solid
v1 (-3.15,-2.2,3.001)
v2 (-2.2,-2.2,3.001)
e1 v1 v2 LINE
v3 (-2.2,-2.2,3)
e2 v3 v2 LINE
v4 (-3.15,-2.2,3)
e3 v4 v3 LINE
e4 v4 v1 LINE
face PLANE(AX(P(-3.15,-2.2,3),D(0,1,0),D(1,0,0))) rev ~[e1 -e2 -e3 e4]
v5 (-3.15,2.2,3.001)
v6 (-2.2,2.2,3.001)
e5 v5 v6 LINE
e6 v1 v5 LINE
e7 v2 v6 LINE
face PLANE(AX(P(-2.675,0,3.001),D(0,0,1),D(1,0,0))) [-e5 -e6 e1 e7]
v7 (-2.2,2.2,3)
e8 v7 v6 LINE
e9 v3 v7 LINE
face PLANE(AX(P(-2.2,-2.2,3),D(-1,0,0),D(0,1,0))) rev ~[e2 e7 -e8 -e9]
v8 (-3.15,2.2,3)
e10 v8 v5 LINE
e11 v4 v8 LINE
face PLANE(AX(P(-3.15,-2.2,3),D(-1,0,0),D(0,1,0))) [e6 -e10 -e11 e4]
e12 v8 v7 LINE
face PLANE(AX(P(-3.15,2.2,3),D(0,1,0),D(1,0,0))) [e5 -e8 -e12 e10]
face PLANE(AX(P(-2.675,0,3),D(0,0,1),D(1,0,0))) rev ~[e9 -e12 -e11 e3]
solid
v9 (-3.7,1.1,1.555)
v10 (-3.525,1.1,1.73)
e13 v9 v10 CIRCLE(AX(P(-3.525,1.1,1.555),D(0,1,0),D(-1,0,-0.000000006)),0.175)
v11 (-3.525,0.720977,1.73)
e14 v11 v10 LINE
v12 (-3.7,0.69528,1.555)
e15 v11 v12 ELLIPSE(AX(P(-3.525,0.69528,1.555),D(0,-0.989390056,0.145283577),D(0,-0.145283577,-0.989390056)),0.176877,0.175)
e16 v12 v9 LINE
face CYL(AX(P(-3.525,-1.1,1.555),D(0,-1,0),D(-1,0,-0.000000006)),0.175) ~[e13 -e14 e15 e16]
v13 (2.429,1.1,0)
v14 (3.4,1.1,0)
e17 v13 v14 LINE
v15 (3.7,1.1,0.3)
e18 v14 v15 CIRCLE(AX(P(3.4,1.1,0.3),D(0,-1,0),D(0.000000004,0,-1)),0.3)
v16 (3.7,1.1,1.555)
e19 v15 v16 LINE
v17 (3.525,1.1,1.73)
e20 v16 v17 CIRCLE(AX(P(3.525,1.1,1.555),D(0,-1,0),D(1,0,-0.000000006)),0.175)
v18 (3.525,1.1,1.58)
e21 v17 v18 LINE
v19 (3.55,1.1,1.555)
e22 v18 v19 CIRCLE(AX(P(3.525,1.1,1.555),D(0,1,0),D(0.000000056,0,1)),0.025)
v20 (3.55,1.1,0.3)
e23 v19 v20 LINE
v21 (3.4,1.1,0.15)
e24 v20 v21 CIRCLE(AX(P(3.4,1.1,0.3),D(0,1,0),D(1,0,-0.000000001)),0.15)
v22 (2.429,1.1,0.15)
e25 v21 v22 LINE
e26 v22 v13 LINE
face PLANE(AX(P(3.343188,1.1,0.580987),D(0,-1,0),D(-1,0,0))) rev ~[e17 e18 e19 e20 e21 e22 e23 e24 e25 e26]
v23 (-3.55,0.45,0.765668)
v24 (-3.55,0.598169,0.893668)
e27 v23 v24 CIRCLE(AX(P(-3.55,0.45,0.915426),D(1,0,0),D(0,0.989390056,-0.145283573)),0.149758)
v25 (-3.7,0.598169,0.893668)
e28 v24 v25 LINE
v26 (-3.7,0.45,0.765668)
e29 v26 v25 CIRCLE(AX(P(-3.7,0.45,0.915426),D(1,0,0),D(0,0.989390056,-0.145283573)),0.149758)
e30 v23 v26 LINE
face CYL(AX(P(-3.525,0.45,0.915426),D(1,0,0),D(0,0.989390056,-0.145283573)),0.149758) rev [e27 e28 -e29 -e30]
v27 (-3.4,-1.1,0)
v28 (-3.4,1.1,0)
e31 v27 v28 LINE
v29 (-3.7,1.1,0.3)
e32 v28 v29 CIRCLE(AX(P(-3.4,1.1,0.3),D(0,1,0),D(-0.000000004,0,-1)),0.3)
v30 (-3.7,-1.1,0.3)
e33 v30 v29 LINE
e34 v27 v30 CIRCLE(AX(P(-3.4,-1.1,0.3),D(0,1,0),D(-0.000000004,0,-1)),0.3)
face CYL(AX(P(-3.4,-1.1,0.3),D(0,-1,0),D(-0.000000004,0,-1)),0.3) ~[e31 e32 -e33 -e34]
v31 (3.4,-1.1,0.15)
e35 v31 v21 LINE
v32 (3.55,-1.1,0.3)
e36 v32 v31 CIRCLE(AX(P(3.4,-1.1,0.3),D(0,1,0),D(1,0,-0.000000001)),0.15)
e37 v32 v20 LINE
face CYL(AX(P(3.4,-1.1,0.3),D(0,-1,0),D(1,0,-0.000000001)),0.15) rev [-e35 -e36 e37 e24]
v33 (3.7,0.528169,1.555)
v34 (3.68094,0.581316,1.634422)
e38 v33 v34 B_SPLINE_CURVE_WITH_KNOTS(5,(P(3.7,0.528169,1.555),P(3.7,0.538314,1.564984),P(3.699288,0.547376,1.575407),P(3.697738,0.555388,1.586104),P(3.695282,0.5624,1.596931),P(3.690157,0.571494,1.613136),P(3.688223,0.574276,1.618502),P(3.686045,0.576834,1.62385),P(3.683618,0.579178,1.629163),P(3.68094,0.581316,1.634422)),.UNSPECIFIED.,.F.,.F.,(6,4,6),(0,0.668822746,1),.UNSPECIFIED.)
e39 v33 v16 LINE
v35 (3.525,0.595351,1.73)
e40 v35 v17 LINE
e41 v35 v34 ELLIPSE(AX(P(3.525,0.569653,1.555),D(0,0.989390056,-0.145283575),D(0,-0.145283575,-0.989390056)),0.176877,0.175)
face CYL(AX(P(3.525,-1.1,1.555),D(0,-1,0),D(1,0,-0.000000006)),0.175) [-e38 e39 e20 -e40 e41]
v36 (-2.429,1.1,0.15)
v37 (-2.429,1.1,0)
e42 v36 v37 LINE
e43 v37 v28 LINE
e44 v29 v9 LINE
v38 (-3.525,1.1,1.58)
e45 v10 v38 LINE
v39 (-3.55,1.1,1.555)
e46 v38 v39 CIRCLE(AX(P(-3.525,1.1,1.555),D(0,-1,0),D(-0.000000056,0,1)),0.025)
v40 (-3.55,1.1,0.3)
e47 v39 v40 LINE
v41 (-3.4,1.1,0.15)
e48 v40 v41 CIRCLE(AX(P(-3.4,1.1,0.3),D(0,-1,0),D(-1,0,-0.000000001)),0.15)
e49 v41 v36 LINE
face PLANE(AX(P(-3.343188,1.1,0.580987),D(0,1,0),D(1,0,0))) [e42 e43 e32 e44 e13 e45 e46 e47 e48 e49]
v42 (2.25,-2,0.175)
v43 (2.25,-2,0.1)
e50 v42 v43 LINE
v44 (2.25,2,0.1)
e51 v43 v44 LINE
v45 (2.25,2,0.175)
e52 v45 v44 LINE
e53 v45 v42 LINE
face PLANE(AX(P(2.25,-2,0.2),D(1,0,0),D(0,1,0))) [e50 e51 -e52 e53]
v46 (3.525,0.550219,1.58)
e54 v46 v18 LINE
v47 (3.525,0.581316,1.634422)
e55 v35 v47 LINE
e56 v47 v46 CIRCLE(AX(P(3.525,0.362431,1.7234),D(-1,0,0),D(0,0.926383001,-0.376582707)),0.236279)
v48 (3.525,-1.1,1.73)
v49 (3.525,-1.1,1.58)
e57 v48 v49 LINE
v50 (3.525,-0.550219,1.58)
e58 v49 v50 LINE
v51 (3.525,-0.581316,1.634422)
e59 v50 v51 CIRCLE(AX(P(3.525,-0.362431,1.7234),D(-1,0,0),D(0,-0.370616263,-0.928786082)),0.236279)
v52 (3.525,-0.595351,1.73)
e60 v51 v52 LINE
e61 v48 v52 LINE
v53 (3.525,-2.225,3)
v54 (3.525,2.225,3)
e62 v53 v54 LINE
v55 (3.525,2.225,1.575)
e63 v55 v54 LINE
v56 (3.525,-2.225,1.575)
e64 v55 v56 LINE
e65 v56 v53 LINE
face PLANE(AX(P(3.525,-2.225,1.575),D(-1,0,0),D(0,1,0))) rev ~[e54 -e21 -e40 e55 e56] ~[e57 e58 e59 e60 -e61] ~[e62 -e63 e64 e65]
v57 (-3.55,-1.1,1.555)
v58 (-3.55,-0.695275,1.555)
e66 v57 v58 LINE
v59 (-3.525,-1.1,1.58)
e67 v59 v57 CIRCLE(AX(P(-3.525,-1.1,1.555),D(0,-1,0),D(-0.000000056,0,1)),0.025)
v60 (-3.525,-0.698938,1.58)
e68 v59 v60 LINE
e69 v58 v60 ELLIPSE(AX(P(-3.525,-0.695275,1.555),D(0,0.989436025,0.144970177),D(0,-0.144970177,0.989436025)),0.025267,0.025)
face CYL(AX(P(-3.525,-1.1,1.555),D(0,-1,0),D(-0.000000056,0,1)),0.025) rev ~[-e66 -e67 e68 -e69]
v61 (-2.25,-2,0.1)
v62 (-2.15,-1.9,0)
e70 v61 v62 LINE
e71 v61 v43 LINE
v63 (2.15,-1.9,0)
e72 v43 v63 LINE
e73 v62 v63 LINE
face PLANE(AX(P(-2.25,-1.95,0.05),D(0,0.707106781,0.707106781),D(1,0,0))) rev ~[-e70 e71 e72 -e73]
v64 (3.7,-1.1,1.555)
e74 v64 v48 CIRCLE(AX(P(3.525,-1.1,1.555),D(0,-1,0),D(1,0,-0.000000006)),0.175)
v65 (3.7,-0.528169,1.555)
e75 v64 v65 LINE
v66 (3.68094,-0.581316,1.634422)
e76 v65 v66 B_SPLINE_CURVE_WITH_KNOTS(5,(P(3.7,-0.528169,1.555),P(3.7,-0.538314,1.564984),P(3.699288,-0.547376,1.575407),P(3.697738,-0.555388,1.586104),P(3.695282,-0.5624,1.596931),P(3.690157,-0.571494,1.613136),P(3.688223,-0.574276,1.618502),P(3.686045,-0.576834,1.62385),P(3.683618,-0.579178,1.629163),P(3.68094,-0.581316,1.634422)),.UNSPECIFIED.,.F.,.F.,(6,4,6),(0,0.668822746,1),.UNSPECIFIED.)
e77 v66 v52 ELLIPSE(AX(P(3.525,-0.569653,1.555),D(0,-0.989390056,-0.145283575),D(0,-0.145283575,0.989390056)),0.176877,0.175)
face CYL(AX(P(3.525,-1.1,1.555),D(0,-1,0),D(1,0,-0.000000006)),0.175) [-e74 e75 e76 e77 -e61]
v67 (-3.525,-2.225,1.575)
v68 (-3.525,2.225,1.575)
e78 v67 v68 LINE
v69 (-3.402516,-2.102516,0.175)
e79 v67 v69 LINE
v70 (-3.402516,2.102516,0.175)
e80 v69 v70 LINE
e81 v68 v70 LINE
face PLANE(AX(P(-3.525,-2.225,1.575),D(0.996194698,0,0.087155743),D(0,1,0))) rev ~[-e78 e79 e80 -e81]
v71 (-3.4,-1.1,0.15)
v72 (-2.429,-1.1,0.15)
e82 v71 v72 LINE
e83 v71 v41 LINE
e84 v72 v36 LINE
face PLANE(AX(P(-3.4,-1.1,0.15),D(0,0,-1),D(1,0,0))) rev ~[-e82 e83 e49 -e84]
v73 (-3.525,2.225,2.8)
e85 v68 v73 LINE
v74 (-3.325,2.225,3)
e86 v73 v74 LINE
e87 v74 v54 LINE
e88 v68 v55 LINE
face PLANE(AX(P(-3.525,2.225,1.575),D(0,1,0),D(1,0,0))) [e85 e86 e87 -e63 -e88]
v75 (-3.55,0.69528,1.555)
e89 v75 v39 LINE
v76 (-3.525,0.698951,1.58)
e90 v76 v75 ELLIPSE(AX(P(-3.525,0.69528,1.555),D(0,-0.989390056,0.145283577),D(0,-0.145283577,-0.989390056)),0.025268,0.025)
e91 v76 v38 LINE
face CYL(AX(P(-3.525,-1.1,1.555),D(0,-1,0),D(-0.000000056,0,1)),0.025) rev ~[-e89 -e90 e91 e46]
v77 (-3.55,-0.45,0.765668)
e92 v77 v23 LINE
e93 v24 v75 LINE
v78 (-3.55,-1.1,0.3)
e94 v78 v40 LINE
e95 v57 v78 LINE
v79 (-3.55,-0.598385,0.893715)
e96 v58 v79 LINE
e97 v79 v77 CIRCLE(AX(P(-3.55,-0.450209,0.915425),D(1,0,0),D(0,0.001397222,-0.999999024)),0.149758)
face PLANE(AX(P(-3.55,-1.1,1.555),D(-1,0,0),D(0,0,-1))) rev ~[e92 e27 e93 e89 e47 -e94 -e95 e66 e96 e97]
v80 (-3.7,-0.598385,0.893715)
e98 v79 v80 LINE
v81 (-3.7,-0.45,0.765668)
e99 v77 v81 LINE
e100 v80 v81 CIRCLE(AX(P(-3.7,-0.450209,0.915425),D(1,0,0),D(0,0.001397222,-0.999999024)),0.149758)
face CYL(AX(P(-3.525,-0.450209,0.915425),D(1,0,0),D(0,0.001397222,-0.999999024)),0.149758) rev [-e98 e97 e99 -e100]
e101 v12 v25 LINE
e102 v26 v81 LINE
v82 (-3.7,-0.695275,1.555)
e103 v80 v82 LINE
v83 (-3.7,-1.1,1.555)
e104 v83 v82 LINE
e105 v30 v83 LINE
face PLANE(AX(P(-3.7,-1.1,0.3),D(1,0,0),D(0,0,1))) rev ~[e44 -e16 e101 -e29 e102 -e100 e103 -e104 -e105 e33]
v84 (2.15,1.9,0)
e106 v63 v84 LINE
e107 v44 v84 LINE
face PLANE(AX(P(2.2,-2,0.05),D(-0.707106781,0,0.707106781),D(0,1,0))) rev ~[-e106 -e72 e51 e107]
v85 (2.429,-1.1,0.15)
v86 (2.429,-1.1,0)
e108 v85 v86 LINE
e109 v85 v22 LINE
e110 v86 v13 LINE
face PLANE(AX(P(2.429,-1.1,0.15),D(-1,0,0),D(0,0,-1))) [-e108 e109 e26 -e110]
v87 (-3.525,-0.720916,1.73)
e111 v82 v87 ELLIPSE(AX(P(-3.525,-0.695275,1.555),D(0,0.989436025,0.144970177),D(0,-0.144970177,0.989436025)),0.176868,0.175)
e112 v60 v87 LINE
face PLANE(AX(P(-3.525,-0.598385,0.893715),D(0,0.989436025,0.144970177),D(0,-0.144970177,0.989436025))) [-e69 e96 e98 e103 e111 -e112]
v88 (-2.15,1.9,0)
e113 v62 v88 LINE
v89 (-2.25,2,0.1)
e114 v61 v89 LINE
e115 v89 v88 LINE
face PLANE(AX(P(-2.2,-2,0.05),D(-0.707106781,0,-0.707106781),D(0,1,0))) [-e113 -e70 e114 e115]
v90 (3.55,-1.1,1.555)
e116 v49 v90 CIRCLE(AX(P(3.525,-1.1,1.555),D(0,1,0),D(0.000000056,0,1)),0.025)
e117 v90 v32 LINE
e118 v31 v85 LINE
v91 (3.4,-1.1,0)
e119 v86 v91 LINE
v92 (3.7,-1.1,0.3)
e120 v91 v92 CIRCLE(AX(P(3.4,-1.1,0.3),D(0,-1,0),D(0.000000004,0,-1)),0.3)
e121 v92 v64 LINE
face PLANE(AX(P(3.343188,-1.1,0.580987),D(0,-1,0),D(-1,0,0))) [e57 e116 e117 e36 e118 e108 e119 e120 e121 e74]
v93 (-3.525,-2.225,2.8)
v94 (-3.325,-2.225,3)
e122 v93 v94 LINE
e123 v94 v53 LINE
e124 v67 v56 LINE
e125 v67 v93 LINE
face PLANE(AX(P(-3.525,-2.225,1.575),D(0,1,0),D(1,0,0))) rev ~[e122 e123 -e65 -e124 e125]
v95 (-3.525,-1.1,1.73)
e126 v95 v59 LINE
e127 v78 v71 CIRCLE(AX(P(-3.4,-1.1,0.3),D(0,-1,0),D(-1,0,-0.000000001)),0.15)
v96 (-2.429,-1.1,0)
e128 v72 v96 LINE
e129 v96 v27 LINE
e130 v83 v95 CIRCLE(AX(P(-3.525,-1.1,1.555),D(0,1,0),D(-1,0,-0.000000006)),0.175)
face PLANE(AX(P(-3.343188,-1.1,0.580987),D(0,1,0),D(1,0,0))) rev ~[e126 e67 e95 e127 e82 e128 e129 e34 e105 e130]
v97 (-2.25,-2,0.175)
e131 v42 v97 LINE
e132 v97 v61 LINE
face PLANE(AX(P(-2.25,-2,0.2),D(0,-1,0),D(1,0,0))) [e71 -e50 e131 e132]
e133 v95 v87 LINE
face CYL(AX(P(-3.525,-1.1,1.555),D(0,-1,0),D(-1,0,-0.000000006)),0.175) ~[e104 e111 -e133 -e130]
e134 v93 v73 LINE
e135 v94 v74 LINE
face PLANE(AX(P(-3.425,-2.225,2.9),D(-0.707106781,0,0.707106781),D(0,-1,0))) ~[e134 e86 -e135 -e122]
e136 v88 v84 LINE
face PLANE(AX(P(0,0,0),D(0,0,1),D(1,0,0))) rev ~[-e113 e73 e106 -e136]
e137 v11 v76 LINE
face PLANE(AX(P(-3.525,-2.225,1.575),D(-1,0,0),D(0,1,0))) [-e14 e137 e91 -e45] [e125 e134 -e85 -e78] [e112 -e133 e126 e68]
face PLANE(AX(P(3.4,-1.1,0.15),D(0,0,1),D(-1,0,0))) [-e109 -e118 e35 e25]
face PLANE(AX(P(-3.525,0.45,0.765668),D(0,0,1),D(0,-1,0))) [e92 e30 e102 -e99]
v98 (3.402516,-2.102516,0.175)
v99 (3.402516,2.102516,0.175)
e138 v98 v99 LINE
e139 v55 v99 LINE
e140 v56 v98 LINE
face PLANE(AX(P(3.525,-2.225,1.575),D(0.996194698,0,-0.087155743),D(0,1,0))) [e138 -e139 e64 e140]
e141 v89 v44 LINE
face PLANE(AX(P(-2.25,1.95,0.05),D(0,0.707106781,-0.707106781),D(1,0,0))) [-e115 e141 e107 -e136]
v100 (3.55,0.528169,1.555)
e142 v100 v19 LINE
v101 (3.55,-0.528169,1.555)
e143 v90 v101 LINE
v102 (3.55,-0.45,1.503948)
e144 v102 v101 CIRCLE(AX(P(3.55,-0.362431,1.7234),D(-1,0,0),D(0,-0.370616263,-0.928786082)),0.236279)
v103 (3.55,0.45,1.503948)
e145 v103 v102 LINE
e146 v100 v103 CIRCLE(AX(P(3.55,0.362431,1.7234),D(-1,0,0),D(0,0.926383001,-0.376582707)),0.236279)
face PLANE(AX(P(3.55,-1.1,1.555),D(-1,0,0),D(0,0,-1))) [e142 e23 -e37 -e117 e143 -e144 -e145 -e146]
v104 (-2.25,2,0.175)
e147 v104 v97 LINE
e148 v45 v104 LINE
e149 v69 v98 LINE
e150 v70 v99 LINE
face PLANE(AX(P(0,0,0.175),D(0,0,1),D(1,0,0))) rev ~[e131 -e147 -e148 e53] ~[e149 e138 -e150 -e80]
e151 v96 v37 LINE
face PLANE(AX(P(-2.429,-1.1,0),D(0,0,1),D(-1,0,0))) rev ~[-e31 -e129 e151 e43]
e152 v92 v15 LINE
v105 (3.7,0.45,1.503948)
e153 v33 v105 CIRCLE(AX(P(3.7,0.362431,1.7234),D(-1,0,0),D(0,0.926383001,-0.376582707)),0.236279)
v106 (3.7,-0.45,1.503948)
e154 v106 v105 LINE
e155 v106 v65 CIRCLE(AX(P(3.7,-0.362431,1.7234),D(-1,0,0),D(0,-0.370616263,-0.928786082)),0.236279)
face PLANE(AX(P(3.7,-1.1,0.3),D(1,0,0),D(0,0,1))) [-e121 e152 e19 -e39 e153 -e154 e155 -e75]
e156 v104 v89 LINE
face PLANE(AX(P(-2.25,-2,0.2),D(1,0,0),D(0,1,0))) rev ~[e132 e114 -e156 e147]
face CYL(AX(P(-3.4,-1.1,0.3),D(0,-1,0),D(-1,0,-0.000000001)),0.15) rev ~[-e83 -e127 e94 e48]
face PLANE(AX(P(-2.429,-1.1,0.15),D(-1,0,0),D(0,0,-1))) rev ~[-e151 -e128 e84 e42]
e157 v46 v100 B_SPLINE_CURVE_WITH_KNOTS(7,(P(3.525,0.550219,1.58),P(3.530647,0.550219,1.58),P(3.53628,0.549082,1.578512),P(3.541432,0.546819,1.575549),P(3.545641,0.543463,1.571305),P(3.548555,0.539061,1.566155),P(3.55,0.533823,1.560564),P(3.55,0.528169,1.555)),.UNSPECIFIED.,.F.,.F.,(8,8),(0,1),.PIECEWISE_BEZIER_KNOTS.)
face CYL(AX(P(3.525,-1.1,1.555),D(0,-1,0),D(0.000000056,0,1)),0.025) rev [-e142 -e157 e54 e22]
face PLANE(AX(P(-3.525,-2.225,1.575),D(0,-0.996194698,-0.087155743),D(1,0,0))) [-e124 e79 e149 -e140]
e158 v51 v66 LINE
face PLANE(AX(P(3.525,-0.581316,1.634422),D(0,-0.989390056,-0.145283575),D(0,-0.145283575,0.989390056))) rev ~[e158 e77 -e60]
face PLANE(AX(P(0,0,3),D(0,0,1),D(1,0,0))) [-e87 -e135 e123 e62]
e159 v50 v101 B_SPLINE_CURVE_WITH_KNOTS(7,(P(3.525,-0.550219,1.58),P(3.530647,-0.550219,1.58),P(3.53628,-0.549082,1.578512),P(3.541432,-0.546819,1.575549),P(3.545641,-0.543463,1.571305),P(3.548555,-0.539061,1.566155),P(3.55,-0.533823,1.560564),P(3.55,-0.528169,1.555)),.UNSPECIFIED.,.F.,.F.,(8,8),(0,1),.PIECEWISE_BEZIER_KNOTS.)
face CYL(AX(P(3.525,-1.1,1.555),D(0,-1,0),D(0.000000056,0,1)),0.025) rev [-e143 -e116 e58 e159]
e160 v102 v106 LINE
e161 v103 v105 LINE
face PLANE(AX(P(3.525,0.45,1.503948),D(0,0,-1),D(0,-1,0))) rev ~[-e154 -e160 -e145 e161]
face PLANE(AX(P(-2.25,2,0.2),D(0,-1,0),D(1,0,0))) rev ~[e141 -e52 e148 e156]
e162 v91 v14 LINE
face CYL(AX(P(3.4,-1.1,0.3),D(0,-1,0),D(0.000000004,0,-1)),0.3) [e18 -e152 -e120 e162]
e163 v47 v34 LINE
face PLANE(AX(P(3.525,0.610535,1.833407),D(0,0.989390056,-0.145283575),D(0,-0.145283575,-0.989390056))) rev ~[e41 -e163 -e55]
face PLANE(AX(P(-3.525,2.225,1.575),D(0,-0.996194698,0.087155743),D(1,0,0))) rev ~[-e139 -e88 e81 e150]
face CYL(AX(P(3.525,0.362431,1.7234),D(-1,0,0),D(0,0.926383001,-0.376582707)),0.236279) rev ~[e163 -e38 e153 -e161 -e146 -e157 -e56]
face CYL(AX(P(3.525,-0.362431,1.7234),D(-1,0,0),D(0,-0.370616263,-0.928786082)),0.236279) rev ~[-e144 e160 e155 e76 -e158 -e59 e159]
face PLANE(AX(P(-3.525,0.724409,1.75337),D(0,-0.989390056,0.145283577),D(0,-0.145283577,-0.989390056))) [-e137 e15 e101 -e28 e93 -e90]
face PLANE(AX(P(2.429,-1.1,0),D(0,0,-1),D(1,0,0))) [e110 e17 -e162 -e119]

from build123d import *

# Parameters (mm, degrees)
EXTRUDE_START        = 0.2
SKETCH_1_W           = 4.5
SKETCH_1_H           = 4
EXTRUDE_1_DEPTH      = 0.2
EXTRUDE_START_2      = 1.575
SKETCH_2_W           = 7.05
SKETCH_2_H           = 4.45
EXTRUDE_2_DEPTH      = 1.425
SKETCH_2_2_W         = 7.05
SKETCH_2_2_H         = 4.45
EXTRUDE_3_DEPTH      = 1.4
EXTRUDE_3_DRAFT      = -5
EXTRUDE_4_DEPTH      = 1.1
EXTRUDE_4_DEPTH_BACK = 1.1
CUT_EXTRUDE_START    = -3.525
CUT_EXTRUDE_1_DEPTH  = 0.3
CUT_EXTRUDE_START_2  = 3.525
CUT_EXTRUDE_2_DEPTH  = 0.5
CHAMFER_1_SIZE       = 0.2
CHAMFER_2_SIZE       = 0.1
EXTRUDE_START_3      = 3
SKETCH_7_W           = 0.95
SKETCH_7_H           = 4.4
EXTRUDE_5_DEPTH      = 0.001


with BuildPart() as part:
    # Эскиз1 → Бобышка-Вытянуть1 (new body)
    with BuildSketch(Plane.XY.offset(EXTRUDE_START)):
        Rectangle(SKETCH_1_W, SKETCH_1_H)
    extrude(amount=-EXTRUDE_1_DEPTH)


with BuildPart() as body_2:
    # Эскиз2 → Бобышка-Вытянуть2 (new body)
    with BuildSketch(Plane.XY.offset(EXTRUDE_START_2)):
        Rectangle(SKETCH_2_W, SKETCH_2_H)
    extrude(amount=EXTRUDE_2_DEPTH)



with BuildPart() as extrude_3_tool:
    # Эскиз2<2> → Бобышка-Вытянуть3 (with draft: the straight prism first)
    with BuildSketch(Plane.XY.offset(EXTRUDE_START_2)):
        Rectangle(SKETCH_2_2_W, SKETCH_2_2_H)
    extrude(amount=-EXTRUDE_3_DEPTH)
    # Бобышка-Вытянуть3: the draft: its side faces are tilted about the plane it starts from
    extrude_3_sides = [extrude_3_tool.faces().sort_by_distance(p)[0] for p in [
        (0, 2.225, 0.875),
        (-3.525, 0, 0.875),
        (0, -2.225, 0.875),
        (3.525, 0, 0.875),
    ]]
    draft(extrude_3_sides, Plane.XY.offset(EXTRUDE_START_2), EXTRUDE_3_DRAFT)


with BuildPart() as part_1:
    add(part.part)

    # Бобышка-Вытянуть3: add extrude_3_tool
    add(extrude_3_tool.part)


with BuildPart() as body_2_1:
    add(body_2.part)

    add(part_1.part)  # Бобышка-Вытянуть4 merges part
    # Эскиз3 → Бобышка-Вытянуть4 (add, two sides: drawn at the far end of the back side and taken through both)
    with BuildSketch(Plane(origin=(0, 0, 0), x_dir=(1, 0, 0), z_dir=(0, 1, 0)).offset(-EXTRUDE_4_DEPTH_BACK)):
        with BuildLine():
            Line((-2.429, -0.150000003), (-2.429, 0))
            Line((-2.429, 0), (-3.4, 0))
            ThreePointArc((-3.4, 0), (-3.612132034, -0.087867966), (-3.7, -0.3))
            Line((-3.7, -0.3), (-3.7, -1.555))
            ThreePointArc((-3.7, -1.555), (-3.648743687, -1.678743687), (-3.525, -1.73))
            Line((-3.525, -1.73), (-3.525, -1.579999997))
            ThreePointArc((-3.525, -1.579999997), (-3.542677667, -1.572677667), (-3.549999997, -1.555))
            Line((-3.549999997, -1.555), (-3.549999997, -0.3))
            ThreePointArc((-3.549999997, -0.3), (-3.506066015, -0.193933985), (-3.4, -0.150000003))
            Line((-3.4, -0.150000003), (-2.429, -0.150000003))
        make_face()
        with BuildLine():
            Line((3.525, -1.73), (3.525, -1.579999997))
            ThreePointArc((3.525, -1.579999997), (3.542677667, -1.572677667), (3.549999997, -1.555))
            Line((3.549999997, -1.555), (3.549999997, -0.3))
            ThreePointArc((3.549999997, -0.3), (3.506066015, -0.193933985), (3.4, -0.150000003))
            Line((3.4, -0.150000003), (2.429, -0.150000003))
            Line((2.429, -0.150000003), (2.429, 0))
            Line((2.429, 0), (3.4, 0))
            ThreePointArc((3.4, 0), (3.612132034, -0.087867966), (3.7, -0.3))
            Line((3.7, -0.3), (3.7, -1.555))
            ThreePointArc((3.7, -1.555), (3.648743687, -1.678743687), (3.525, -1.73))
        make_face()
    extrude(amount=EXTRUDE_4_DEPTH + EXTRUDE_4_DEPTH_BACK)

    # Эскиз6 → Вырез-Вытянуть1 (cut)
    with BuildSketch(Plane(origin=(0, 0, 0), x_dir=(0, 0, -1), z_dir=(1, 0, 0)).offset(CUT_EXTRUDE_START)):
        with BuildLine():
            Line((-0.765667903, 0.449999989), (-0.765667903, -0.450000011))
            ThreePointArc((-0.765667903, -0.450000011), (-0.802046232, -0.5480485), (-0.893714872, -0.598384864))
            Line((-0.893714872, -0.598384864), (-1.75337045, -0.724339871))
            Line((-1.75337045, -0.724339871), (-1.75337045, 0.724408738))
            Line((-1.75337045, 0.724408738), (-0.893668232, 0.598168725))
            ThreePointArc((-0.893668232, 0.598168725), (-0.8020993, 0.547900523), (-0.765667903, 0.449999989))
        make_face()
    extrude(amount=-CUT_EXTRUDE_1_DEPTH, mode=Mode.SUBTRACT)

    # Эскиз5 → Вырез-Вытянуть2 (cut)
    with BuildSketch(Plane(origin=(0, 0, 0), x_dir=(0, 0, -1), z_dir=(1, 0, 0)).offset(CUT_EXTRUDE_START_2)):
        with BuildLine():
            Line((-1.503947649, 0.45), (-1.503947649, -0.45))
            ThreePointArc((-1.503947649, -0.45), (-1.555789292, -0.528967365), (-1.634421568, -0.581315866))
            Line((-1.634421568, -0.581315866), (-1.833406663, -0.610535147))
            Line((-1.833406663, -0.610535147), (-1.833406663, 0.610535147))
            Line((-1.833406663, 0.610535147), (-1.634421568, 0.581315866))
            ThreePointArc((-1.634421568, 0.581315866), (-1.555789292, 0.528967365), (-1.503947649, 0.45))
        make_face()
    extrude(amount=CUT_EXTRUDE_2_DEPTH, mode=Mode.SUBTRACT)

    # Фаска1
    chamfer_1_edges = [body_2_1.edges().sort_by_distance(p)[0] for p in [
        (-3.525, 0, 3),
    ]]
    chamfer(chamfer_1_edges, length=CHAMFER_1_SIZE)

    # Фаска2
    chamfer_2_edges = [body_2_1.edges().sort_by_distance(p)[0] for p in [
        (-2.25, 0, 0),
        (0, 2, 0),
        (2.25, 0, 0),
        (0, -2, 0),
    ]]
    chamfer(chamfer_2_edges, length=CHAMFER_2_SIZE)


with BuildPart() as body_2_2:
    # Эскиз7 → Бобышка-Вытянуть5 (new body)
    with BuildSketch(Plane.XY.offset(EXTRUDE_START_3)):
        with Locations((-2.675, 0)):
            Rectangle(SKETCH_7_W, SKETCH_7_H)
    extrude(amount=EXTRUDE_5_DEPTH)


solid = Compound([body_2_1.part, body_2_2.part])
